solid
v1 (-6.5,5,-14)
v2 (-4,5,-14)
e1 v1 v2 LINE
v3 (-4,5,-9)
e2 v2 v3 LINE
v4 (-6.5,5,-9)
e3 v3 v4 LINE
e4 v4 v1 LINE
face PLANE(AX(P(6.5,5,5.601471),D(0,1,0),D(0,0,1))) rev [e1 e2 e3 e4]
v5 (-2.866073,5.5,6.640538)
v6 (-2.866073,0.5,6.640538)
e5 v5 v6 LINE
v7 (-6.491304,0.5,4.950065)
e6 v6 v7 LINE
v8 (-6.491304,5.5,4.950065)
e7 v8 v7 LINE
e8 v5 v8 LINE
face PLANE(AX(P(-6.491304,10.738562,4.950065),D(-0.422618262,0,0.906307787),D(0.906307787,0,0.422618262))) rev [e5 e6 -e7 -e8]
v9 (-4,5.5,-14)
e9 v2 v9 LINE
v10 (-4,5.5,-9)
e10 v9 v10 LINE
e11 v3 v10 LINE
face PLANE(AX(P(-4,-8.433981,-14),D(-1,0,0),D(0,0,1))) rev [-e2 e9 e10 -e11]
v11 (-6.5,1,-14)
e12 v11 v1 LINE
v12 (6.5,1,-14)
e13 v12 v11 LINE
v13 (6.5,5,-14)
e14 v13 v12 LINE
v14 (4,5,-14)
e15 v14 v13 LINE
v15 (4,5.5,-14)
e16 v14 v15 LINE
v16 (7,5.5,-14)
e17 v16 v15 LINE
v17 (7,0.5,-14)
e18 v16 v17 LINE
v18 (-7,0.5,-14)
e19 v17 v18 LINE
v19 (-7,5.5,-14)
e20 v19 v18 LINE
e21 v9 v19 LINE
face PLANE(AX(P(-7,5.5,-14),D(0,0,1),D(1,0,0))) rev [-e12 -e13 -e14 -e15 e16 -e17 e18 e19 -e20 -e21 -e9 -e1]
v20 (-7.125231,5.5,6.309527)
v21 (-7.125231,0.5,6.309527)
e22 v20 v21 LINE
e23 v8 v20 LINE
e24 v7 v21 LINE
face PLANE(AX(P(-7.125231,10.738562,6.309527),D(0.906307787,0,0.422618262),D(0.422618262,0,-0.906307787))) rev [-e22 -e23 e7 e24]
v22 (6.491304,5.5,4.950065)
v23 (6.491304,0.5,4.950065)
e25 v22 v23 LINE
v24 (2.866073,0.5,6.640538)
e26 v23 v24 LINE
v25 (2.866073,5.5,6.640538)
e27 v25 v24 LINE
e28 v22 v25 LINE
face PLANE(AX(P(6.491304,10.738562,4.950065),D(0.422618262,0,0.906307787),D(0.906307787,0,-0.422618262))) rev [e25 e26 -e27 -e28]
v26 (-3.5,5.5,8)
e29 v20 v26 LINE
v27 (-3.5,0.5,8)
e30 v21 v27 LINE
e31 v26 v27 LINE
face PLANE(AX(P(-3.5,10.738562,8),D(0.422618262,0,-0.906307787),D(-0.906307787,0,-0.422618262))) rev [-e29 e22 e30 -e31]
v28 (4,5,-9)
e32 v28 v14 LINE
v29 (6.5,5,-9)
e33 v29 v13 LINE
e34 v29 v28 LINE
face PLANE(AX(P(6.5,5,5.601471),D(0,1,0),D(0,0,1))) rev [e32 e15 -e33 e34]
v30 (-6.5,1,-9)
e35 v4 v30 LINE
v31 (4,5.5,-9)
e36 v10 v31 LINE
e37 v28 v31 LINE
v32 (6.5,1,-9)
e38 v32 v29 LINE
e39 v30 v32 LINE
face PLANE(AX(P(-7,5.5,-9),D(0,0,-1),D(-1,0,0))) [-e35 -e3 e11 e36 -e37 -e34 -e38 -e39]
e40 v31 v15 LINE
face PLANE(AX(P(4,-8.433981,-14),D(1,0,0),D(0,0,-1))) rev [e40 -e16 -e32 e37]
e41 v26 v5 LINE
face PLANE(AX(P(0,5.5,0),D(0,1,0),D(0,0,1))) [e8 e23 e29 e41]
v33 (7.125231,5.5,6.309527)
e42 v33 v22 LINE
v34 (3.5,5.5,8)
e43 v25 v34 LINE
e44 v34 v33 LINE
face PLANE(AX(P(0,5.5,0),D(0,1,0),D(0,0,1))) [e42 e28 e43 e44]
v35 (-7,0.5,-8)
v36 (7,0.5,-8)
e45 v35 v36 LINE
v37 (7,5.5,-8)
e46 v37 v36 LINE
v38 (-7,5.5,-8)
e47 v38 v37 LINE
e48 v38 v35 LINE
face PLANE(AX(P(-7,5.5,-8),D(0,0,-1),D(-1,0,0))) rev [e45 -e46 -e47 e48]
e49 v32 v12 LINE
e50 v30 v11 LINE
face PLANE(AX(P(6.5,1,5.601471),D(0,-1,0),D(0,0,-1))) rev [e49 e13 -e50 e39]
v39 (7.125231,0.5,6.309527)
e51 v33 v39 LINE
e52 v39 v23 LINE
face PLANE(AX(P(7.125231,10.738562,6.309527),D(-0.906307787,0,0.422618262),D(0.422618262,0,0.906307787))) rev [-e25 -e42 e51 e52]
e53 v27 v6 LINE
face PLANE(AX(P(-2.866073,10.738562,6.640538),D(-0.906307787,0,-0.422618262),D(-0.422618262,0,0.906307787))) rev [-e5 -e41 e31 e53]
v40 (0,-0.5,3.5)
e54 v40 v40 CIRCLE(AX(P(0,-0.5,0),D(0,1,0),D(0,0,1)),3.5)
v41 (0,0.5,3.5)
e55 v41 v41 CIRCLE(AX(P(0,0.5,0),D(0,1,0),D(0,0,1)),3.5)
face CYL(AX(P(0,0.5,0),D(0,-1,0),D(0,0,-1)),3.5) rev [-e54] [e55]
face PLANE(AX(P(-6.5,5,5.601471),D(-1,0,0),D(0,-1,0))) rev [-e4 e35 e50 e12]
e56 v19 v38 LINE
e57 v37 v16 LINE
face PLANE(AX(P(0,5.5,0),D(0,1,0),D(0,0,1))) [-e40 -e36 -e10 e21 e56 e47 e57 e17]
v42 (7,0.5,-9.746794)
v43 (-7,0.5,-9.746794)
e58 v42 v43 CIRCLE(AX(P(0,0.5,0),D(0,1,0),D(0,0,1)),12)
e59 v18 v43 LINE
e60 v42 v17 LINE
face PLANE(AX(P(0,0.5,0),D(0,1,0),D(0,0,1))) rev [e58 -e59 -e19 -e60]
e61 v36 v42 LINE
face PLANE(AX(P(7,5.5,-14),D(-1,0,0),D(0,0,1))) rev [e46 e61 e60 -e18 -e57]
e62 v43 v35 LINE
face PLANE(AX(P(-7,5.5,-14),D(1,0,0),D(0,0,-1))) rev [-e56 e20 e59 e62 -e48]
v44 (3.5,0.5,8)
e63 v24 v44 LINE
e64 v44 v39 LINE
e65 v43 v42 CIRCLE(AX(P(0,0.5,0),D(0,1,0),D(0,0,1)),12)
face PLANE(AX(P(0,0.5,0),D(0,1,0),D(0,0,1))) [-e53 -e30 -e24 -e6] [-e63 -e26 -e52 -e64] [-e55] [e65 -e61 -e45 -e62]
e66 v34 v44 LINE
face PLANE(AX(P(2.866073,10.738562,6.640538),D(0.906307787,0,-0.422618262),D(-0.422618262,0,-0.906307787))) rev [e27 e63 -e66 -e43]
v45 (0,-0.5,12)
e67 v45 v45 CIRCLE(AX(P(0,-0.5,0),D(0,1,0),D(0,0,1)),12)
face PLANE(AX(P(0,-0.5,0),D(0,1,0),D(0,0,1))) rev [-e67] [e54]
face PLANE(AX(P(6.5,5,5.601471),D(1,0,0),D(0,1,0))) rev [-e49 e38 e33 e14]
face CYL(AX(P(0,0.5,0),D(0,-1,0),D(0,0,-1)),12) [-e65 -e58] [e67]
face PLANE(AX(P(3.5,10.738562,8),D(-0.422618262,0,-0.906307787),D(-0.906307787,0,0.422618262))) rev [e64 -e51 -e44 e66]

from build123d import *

# Parameters (mm, degrees)
SKETCH1_R           = 12
SKETCH1_R_2         = 3.5
BOSS_EXTRUDE1_DEPTH = 0.5
SKETCH2_W           = 14
SKETCH2_H           = 6
BOSS_EXTRUDE2_DEPTH = 5
SKETCH3_W           = 13
SKETCH3_H           = 4
CUT_EXTRUDE1_DEPTH  = 5
SKETCH4_W           = 8
SKETCH4_H           = 5
CUT_EXTRUDE2_DEPTH  = 4.5
BOSS_EXTRUDE3_DEPTH = 5


with BuildPart() as part:
    # Sketch1 → Boss-Extrude1 (new body, symmetric)
    with BuildSketch(Plane(origin=(0, 0, 0), x_dir=(1, 0, 0), z_dir=(0, 1, 0))):
        Circle(SKETCH1_R)
        Circle(SKETCH1_R_2, mode=Mode.SUBTRACT)
    extrude(amount=BOSS_EXTRUDE1_DEPTH, both=True)

    # Sketch2 → Boss-Extrude2 (add)
    with BuildSketch(Plane(origin=(0, 0.5, 0), x_dir=(1, 0, 0), z_dir=(0, 1, 0))):
        with Locations((0, 11)):
            Rectangle(SKETCH2_W, SKETCH2_H)
    extrude(amount=BOSS_EXTRUDE2_DEPTH)

    # Sketch3 → Cut-Extrude1 (cut)
    with BuildSketch(Plane(origin=(0, 0, -14), x_dir=(-1, 0, 0), z_dir=(0, 0, -1))):
        with Locations((0, 3)):
            Rectangle(SKETCH3_W, SKETCH3_H)
    extrude(amount=-CUT_EXTRUDE1_DEPTH, mode=Mode.SUBTRACT)

    # Sketch4 → Cut-Extrude2 (cut)
    with BuildSketch(Plane(origin=(0, 5.5, 0), x_dir=(1, 0, 0), z_dir=(0, 1, 0))):
        with Locations((0, 11.5)):
            Rectangle(SKETCH4_W, SKETCH4_H)
    extrude(amount=-CUT_EXTRUDE2_DEPTH, mode=Mode.SUBTRACT)

    # Sketch5 → Boss-Extrude3 (add)
    with BuildSketch(Plane(origin=(0, 0.5, 0), x_dir=(1, 0, 0), z_dir=(0, 1, 0))):
        Polygon((-6.491303756, -4.950065272), (-2.866072607, -6.640538319), (-3.5, -8), (-7.125231148, -6.309526953), align=None)
        Polygon((7.125231148, -6.309526953), (6.491303756, -4.950065272), (2.866072607, -6.640538319), (3.5, -8), align=None)
    extrude(amount=BOSS_EXTRUDE3_DEPTH)


solid = part.part
